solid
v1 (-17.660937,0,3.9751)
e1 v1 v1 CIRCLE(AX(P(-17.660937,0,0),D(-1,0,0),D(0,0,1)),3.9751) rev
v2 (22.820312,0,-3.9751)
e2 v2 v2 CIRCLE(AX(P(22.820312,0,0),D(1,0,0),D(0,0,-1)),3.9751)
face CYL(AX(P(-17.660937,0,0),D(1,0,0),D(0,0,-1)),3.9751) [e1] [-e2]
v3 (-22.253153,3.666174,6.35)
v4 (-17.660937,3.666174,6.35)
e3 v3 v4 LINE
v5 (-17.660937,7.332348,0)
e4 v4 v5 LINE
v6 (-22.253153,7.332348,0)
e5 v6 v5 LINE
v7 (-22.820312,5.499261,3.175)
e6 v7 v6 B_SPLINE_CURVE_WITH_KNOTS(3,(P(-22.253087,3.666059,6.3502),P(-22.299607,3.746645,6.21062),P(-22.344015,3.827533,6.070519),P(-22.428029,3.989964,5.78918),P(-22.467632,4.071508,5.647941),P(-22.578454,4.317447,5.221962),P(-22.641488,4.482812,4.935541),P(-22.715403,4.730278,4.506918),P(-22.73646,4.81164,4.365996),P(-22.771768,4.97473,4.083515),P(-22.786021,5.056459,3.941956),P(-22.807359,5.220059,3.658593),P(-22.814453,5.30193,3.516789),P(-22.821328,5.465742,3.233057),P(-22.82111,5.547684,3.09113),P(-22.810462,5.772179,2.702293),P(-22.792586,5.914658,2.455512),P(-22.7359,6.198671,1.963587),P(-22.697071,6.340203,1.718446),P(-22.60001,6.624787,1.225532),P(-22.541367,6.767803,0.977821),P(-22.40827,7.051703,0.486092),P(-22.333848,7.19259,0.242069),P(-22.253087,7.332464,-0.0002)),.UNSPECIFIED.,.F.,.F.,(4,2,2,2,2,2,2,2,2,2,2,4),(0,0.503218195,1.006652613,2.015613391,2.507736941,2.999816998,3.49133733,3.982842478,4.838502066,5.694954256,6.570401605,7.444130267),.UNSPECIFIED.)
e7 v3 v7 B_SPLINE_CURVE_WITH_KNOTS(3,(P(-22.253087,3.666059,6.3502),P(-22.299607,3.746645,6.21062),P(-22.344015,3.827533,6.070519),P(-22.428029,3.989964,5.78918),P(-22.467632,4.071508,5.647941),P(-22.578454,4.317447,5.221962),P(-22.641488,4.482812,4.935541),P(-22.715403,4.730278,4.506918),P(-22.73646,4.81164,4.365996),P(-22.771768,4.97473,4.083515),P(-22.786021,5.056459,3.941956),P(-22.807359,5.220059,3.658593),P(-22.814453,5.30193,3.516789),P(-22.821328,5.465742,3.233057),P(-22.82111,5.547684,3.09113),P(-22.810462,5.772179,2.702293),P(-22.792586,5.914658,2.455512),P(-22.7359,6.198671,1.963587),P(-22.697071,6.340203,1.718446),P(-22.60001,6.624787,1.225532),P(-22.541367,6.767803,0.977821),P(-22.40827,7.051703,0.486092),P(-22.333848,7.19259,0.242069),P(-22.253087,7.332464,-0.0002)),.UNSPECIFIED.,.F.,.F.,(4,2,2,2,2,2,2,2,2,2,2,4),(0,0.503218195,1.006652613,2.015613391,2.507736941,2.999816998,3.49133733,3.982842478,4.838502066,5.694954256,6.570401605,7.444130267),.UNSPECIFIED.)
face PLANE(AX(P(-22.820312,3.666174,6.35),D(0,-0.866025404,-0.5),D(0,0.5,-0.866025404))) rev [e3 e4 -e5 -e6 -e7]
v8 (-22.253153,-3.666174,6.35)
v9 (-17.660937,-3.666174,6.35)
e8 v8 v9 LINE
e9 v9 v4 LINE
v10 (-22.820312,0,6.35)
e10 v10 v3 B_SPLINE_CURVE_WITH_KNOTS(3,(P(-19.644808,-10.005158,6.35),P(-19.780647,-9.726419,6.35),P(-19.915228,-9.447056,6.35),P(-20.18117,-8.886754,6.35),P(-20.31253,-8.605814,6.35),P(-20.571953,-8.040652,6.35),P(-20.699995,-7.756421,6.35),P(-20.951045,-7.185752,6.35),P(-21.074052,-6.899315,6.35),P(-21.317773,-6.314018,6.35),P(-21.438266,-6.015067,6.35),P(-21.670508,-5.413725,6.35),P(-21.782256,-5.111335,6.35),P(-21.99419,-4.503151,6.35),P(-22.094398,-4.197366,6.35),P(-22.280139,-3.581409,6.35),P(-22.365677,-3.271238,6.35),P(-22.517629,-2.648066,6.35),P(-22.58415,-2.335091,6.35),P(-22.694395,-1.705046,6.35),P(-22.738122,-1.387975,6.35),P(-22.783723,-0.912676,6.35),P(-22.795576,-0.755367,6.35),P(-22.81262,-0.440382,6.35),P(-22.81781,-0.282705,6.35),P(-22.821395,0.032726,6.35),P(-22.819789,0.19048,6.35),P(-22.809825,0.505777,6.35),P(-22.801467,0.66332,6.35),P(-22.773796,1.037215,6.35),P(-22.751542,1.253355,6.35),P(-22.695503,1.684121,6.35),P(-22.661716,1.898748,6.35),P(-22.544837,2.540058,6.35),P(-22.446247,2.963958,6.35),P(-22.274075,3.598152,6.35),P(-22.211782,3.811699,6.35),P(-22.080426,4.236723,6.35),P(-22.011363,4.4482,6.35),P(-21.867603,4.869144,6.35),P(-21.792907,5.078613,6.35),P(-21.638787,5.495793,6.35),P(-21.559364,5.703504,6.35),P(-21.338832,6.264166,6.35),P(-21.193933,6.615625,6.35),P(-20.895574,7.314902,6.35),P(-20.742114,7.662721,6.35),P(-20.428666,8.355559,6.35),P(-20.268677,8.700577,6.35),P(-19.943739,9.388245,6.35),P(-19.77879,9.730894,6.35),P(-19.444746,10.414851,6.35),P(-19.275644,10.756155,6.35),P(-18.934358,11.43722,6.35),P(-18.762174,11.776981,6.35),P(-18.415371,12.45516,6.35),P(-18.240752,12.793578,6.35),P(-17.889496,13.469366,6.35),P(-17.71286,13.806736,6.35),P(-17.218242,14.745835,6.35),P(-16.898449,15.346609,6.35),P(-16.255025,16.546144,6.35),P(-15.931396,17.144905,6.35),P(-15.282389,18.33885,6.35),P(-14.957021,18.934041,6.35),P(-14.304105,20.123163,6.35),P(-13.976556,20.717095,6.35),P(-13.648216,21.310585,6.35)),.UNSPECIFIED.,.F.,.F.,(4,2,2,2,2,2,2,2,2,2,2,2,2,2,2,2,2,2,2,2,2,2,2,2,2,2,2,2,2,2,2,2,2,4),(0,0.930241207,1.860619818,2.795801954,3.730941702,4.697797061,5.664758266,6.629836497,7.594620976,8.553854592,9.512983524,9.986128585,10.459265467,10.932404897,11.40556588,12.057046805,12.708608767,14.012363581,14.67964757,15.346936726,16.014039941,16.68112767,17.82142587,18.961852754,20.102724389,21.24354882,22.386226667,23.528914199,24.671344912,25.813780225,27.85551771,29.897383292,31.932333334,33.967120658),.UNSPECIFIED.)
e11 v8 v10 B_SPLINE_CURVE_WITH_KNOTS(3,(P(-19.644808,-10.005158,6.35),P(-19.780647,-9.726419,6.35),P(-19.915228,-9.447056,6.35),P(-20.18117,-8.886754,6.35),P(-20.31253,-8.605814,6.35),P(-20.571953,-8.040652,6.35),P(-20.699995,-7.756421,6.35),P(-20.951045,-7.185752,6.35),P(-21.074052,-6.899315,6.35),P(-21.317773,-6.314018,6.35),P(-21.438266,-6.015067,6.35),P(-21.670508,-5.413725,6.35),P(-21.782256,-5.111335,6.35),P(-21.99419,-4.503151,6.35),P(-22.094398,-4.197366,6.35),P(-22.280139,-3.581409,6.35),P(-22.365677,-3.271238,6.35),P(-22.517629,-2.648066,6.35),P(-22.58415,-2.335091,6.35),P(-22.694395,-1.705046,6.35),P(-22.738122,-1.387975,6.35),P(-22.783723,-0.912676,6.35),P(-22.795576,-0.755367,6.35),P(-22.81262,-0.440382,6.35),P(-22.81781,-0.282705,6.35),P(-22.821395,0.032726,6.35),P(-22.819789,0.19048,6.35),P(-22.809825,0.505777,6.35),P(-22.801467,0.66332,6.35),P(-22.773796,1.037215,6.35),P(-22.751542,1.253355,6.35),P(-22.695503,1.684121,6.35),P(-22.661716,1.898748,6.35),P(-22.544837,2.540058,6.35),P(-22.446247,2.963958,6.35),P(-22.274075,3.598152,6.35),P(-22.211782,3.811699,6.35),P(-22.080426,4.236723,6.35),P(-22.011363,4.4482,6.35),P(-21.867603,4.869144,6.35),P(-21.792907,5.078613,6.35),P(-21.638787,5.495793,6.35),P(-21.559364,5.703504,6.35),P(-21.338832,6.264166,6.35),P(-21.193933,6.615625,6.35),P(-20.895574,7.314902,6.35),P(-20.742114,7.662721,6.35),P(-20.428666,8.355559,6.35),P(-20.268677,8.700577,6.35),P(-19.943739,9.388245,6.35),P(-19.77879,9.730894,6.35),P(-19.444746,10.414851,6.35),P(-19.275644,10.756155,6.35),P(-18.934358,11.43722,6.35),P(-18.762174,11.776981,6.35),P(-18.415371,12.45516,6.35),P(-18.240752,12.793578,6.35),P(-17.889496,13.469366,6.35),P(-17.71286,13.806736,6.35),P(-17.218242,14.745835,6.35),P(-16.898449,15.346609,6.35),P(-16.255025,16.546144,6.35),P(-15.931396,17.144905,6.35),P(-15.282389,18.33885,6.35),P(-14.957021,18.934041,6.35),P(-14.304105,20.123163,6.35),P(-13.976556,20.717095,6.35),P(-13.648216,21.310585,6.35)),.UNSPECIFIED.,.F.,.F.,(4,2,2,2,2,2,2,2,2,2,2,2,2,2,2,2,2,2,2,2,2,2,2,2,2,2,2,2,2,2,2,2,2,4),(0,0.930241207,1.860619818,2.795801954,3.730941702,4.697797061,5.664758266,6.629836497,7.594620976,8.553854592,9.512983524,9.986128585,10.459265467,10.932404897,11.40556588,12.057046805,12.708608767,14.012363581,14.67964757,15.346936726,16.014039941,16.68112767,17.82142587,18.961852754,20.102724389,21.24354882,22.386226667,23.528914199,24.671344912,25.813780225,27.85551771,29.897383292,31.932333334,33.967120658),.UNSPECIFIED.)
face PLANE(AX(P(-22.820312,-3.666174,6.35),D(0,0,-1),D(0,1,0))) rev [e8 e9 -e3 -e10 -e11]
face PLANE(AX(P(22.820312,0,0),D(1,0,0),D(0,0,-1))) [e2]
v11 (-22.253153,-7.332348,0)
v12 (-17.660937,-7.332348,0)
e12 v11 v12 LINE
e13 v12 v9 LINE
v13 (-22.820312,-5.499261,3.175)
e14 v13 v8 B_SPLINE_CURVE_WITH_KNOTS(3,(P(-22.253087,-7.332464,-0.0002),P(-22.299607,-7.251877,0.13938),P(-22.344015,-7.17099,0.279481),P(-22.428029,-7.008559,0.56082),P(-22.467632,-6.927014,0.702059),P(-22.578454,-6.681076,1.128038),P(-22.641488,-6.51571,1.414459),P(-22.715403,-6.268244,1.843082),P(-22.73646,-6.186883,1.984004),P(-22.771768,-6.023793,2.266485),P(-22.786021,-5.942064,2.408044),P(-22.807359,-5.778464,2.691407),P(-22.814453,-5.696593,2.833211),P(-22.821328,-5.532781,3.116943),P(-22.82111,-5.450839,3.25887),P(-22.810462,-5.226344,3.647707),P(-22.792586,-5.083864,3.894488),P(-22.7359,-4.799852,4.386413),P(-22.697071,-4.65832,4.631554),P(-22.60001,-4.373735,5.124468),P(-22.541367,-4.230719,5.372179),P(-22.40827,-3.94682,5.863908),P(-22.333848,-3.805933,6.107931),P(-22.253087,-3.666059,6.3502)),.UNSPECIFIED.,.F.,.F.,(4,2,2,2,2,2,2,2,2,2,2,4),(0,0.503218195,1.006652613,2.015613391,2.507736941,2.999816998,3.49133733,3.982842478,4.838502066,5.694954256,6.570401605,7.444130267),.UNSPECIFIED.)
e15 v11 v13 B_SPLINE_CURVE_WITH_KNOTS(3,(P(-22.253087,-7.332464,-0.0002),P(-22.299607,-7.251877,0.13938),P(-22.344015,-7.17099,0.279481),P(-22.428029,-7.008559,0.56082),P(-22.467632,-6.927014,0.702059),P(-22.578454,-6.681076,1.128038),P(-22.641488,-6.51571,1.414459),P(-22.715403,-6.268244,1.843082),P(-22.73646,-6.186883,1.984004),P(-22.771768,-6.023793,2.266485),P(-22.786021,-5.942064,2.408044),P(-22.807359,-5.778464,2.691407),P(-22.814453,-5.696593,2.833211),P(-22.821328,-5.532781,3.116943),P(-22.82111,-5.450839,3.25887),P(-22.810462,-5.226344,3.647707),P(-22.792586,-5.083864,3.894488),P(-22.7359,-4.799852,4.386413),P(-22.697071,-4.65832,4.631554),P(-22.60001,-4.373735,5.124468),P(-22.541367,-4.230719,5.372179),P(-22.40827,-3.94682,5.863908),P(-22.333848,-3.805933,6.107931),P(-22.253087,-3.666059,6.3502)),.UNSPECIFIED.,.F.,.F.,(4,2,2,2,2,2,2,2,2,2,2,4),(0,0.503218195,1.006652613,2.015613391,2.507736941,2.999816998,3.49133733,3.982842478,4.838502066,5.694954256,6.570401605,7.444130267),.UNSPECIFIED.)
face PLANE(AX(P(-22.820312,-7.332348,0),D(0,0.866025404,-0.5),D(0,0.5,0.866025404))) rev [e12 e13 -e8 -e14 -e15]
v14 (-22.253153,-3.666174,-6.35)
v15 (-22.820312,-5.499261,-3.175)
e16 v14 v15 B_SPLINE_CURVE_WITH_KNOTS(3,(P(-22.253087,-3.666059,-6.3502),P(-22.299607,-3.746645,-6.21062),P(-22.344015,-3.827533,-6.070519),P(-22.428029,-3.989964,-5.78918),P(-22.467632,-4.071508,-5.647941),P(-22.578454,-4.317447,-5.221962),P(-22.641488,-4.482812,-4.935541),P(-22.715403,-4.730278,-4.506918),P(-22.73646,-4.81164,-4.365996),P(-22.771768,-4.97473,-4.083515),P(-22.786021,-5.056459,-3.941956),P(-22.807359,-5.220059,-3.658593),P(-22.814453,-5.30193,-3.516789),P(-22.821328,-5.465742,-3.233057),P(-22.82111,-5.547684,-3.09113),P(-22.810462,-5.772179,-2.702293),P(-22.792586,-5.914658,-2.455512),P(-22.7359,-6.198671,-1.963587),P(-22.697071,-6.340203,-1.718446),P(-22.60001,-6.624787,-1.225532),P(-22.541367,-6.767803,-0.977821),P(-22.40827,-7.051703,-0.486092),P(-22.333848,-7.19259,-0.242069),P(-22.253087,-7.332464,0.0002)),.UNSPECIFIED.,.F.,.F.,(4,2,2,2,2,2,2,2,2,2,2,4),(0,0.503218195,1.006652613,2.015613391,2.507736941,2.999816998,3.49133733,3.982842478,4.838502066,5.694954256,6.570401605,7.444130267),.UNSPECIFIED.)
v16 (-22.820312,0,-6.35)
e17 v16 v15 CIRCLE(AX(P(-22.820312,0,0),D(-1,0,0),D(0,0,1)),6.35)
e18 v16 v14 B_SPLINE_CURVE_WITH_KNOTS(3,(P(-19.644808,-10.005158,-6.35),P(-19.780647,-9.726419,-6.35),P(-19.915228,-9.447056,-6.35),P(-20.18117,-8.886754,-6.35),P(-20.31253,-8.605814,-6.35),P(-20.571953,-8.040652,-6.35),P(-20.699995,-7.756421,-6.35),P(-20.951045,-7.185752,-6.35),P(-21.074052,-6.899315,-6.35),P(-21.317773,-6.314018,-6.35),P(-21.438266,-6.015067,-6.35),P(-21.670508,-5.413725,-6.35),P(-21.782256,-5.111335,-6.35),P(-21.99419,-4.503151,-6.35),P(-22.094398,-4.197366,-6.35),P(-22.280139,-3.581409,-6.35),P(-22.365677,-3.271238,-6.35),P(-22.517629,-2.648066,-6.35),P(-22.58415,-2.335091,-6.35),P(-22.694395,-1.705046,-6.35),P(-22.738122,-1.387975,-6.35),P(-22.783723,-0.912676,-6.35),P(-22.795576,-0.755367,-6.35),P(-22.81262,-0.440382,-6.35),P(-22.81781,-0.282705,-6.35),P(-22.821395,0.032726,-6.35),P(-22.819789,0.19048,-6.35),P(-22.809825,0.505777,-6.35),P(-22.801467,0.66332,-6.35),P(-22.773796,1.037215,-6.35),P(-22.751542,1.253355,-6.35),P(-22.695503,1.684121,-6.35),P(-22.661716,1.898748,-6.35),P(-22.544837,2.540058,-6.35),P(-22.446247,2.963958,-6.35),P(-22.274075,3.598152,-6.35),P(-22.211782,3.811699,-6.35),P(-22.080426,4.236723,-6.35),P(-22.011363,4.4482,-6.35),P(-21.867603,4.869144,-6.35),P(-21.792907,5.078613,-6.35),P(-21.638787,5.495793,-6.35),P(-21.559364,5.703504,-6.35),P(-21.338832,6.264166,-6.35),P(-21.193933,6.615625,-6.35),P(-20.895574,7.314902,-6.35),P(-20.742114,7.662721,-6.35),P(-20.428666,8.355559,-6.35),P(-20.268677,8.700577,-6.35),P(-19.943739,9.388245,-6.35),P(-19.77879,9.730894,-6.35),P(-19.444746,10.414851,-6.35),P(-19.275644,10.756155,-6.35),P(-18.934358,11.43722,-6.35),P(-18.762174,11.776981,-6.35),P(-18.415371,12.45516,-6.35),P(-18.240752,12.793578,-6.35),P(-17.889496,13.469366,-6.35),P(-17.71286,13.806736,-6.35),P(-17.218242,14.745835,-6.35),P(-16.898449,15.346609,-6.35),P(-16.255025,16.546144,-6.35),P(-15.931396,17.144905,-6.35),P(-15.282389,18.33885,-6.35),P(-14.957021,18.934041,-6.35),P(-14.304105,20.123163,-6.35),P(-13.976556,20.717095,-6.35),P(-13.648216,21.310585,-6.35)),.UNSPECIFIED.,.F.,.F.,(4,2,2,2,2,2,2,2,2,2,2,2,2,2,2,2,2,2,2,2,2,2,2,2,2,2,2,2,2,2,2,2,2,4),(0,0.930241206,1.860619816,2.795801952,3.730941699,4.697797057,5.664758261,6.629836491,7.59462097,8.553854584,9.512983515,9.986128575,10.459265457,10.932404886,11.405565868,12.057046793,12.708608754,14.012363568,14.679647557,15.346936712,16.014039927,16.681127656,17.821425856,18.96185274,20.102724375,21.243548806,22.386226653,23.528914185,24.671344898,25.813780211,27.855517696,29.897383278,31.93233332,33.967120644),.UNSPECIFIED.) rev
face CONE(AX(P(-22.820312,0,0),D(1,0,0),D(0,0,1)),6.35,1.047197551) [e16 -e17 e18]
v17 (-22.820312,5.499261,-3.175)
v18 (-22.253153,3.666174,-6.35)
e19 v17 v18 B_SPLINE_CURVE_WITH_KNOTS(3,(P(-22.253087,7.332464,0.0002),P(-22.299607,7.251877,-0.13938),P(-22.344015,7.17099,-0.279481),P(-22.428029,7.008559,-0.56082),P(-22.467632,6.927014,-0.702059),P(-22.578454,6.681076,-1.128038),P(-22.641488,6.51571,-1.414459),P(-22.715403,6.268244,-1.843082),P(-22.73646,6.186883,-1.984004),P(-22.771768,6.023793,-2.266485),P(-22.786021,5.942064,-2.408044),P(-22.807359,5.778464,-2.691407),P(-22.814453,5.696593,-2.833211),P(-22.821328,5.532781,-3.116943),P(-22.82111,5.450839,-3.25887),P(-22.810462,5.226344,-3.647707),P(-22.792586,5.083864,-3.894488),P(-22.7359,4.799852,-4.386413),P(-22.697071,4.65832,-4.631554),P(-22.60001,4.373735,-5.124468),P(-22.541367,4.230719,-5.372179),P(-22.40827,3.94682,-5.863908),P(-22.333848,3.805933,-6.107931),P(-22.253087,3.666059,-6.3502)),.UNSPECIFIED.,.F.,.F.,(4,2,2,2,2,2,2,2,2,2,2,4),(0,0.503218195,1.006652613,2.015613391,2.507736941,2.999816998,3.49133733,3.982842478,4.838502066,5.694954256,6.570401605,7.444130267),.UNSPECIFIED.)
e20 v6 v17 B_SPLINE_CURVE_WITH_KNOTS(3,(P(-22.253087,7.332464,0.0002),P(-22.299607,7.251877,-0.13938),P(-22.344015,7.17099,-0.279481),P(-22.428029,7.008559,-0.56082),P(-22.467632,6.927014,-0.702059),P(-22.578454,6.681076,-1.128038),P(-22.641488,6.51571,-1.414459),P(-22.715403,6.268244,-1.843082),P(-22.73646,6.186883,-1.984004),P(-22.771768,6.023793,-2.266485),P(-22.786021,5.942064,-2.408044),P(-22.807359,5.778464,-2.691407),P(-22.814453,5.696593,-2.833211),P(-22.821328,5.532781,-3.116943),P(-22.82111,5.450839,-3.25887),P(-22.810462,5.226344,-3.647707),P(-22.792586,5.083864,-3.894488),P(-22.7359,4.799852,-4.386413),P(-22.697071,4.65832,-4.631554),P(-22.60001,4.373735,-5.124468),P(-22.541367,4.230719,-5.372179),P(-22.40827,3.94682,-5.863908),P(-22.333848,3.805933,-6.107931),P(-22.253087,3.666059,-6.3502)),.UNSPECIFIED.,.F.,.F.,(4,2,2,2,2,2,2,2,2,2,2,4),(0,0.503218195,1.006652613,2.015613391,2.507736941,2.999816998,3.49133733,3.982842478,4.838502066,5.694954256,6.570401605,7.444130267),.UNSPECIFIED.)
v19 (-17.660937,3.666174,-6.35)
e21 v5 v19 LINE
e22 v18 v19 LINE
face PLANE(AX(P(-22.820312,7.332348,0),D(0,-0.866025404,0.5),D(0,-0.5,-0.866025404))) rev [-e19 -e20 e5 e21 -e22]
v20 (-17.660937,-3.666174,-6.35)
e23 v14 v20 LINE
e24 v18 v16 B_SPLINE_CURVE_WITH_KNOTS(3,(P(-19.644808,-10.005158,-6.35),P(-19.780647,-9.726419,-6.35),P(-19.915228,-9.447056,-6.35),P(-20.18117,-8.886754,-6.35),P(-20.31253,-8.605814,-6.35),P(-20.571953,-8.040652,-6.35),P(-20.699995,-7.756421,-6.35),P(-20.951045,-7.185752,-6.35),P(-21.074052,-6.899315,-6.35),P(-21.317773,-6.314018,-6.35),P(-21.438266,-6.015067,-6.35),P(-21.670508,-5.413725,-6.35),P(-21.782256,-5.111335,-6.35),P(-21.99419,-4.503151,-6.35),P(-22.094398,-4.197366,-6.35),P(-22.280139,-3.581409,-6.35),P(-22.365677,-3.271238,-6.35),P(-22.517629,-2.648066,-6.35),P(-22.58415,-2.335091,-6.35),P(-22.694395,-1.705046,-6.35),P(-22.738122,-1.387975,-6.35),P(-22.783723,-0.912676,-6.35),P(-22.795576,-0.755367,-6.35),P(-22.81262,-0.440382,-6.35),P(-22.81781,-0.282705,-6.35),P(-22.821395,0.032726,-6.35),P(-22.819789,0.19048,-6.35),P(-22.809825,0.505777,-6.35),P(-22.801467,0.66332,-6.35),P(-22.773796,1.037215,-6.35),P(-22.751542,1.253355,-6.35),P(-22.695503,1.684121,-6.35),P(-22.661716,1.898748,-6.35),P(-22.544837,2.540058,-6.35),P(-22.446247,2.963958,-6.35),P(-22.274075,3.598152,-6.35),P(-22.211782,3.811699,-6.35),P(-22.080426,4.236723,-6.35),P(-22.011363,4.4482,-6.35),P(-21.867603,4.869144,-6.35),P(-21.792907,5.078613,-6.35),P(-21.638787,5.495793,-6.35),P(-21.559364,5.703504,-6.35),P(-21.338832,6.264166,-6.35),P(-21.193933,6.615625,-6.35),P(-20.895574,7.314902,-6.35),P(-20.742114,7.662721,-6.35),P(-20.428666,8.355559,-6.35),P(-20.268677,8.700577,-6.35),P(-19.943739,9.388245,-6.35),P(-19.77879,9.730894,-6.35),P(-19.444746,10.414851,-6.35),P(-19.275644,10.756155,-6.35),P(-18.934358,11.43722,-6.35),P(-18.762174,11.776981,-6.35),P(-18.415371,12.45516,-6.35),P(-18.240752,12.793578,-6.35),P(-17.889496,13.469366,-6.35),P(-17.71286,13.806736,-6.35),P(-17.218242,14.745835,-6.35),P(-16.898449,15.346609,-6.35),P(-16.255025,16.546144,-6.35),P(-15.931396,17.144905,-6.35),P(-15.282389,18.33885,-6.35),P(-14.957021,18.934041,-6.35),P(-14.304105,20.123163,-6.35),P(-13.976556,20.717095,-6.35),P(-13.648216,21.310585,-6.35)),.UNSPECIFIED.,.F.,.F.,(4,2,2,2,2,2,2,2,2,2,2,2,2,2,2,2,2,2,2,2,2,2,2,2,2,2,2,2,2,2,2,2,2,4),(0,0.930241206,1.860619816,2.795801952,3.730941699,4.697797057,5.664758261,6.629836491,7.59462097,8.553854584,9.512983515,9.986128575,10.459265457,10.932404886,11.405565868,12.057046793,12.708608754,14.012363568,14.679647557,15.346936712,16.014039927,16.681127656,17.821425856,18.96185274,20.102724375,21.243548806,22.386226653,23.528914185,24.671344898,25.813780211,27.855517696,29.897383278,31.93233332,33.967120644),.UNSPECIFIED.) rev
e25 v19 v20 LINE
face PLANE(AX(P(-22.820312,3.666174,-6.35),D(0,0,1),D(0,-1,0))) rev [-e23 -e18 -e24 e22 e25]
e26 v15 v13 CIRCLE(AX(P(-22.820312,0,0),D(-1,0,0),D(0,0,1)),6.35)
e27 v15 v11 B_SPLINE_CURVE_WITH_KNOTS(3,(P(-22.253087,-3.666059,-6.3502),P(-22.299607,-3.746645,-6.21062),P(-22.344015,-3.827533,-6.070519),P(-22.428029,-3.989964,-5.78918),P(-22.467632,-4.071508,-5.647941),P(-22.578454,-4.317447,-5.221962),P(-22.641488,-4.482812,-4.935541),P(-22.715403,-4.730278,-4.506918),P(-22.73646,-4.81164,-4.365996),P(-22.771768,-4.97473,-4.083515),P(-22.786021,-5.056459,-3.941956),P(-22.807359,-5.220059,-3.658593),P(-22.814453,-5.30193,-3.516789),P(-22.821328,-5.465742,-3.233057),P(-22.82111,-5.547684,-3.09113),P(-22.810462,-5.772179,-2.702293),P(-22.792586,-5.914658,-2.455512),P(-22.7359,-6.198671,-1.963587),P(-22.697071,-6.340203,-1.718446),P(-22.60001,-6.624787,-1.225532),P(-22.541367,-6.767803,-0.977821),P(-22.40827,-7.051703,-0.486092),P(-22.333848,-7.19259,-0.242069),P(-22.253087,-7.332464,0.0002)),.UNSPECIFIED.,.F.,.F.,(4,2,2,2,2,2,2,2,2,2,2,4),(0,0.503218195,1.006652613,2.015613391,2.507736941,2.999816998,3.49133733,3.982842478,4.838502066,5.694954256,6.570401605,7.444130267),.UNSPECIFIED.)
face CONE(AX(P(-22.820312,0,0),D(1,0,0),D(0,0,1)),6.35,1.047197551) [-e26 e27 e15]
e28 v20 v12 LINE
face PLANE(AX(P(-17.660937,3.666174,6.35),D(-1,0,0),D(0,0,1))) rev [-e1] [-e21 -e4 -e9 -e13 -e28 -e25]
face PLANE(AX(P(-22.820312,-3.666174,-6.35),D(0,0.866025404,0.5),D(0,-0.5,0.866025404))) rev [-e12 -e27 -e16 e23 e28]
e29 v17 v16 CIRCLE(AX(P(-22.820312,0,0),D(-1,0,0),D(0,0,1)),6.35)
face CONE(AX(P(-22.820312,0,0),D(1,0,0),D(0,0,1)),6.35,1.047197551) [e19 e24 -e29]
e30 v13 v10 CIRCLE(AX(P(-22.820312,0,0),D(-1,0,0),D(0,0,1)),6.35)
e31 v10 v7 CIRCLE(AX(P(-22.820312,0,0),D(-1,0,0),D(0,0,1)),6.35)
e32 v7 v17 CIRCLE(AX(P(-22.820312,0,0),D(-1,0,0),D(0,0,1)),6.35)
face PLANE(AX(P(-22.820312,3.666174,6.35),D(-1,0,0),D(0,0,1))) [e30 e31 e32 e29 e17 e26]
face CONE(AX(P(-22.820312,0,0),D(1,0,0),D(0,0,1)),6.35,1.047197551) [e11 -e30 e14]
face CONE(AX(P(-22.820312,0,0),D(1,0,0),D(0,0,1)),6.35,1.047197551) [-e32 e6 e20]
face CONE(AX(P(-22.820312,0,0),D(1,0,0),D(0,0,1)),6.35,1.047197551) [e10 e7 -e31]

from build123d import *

# Parameters (mm, degrees)
SKETCH5_R           = 3.9751
BOSS_EXTRUDE3_DEPTH = 40.48125
BOSS_EXTRUDE4_DEPTH = 5.159375
SKETCH8_OUTSIDE_W   = 189.718
SKETCH8_OUTSIDE_H   = 191.682
SKETCH8_OUTSIDE_R   = 6.35
CUT_EXTRUDE3_DEPTH  = 47.659966607
CUT_EXTRUDE3_DRAFT  = -60


with BuildPart() as part:
    # Sketch5 → Boss-Extrude3 (new body)
    with BuildSketch(Plane(origin=(22.8203125, 0, 0), x_dir=(0, 0, -1), z_dir=(1, 0, 0))):
        Circle(SKETCH5_R)
    extrude(amount=-BOSS_EXTRUDE3_DEPTH)

    # Sketch6 → Boss-Extrude4 (add)
    with BuildSketch(Plane.ZY.offset(17.6609375)):
        Polygon((6.35, 3.666174209), (0, 7.332348419), (-6.35, 3.666174209), (-6.35, -3.666174209), (0, -7.332348419), (6.35, -3.666174209), align=None)
    extrude(amount=BOSS_EXTRUDE4_DEPTH)


with BuildPart() as cut_extrude3_tool:
    # Sketch8 outside → Cut-Extrude3 (with draft: the straight prism first)
    with BuildSketch(Plane.ZY.offset(22.8203125)):
        Rectangle(SKETCH8_OUTSIDE_W, SKETCH8_OUTSIDE_H)
        Circle(SKETCH8_OUTSIDE_R, mode=Mode.SUBTRACT)
    extrude(amount=-CUT_EXTRUDE3_DEPTH)
    # Cut-Extrude3: the draft: its side faces are tilted about the plane it starts from
    cut_extrude3_sides = [cut_extrude3_tool.faces().sort_by_distance(p)[0] for p in [
        (1.009670803, -95.841, 0),
        (1.009670803, 0, 94.859),
        (1.009670803, 95.841, 0),
        (1.009670803, 0, -94.859),
        (1.009670803, 0, -6.35),
    ]]
    draft(cut_extrude3_sides, Plane.ZY.offset(22.8203125), CUT_EXTRUDE3_DRAFT)


with BuildPart() as part_1:
    add(part.part)

    # Cut-Extrude3: cut by cut_extrude3_tool
    add(cut_extrude3_tool.part, mode=Mode.SUBTRACT)


solid = part_1.part
